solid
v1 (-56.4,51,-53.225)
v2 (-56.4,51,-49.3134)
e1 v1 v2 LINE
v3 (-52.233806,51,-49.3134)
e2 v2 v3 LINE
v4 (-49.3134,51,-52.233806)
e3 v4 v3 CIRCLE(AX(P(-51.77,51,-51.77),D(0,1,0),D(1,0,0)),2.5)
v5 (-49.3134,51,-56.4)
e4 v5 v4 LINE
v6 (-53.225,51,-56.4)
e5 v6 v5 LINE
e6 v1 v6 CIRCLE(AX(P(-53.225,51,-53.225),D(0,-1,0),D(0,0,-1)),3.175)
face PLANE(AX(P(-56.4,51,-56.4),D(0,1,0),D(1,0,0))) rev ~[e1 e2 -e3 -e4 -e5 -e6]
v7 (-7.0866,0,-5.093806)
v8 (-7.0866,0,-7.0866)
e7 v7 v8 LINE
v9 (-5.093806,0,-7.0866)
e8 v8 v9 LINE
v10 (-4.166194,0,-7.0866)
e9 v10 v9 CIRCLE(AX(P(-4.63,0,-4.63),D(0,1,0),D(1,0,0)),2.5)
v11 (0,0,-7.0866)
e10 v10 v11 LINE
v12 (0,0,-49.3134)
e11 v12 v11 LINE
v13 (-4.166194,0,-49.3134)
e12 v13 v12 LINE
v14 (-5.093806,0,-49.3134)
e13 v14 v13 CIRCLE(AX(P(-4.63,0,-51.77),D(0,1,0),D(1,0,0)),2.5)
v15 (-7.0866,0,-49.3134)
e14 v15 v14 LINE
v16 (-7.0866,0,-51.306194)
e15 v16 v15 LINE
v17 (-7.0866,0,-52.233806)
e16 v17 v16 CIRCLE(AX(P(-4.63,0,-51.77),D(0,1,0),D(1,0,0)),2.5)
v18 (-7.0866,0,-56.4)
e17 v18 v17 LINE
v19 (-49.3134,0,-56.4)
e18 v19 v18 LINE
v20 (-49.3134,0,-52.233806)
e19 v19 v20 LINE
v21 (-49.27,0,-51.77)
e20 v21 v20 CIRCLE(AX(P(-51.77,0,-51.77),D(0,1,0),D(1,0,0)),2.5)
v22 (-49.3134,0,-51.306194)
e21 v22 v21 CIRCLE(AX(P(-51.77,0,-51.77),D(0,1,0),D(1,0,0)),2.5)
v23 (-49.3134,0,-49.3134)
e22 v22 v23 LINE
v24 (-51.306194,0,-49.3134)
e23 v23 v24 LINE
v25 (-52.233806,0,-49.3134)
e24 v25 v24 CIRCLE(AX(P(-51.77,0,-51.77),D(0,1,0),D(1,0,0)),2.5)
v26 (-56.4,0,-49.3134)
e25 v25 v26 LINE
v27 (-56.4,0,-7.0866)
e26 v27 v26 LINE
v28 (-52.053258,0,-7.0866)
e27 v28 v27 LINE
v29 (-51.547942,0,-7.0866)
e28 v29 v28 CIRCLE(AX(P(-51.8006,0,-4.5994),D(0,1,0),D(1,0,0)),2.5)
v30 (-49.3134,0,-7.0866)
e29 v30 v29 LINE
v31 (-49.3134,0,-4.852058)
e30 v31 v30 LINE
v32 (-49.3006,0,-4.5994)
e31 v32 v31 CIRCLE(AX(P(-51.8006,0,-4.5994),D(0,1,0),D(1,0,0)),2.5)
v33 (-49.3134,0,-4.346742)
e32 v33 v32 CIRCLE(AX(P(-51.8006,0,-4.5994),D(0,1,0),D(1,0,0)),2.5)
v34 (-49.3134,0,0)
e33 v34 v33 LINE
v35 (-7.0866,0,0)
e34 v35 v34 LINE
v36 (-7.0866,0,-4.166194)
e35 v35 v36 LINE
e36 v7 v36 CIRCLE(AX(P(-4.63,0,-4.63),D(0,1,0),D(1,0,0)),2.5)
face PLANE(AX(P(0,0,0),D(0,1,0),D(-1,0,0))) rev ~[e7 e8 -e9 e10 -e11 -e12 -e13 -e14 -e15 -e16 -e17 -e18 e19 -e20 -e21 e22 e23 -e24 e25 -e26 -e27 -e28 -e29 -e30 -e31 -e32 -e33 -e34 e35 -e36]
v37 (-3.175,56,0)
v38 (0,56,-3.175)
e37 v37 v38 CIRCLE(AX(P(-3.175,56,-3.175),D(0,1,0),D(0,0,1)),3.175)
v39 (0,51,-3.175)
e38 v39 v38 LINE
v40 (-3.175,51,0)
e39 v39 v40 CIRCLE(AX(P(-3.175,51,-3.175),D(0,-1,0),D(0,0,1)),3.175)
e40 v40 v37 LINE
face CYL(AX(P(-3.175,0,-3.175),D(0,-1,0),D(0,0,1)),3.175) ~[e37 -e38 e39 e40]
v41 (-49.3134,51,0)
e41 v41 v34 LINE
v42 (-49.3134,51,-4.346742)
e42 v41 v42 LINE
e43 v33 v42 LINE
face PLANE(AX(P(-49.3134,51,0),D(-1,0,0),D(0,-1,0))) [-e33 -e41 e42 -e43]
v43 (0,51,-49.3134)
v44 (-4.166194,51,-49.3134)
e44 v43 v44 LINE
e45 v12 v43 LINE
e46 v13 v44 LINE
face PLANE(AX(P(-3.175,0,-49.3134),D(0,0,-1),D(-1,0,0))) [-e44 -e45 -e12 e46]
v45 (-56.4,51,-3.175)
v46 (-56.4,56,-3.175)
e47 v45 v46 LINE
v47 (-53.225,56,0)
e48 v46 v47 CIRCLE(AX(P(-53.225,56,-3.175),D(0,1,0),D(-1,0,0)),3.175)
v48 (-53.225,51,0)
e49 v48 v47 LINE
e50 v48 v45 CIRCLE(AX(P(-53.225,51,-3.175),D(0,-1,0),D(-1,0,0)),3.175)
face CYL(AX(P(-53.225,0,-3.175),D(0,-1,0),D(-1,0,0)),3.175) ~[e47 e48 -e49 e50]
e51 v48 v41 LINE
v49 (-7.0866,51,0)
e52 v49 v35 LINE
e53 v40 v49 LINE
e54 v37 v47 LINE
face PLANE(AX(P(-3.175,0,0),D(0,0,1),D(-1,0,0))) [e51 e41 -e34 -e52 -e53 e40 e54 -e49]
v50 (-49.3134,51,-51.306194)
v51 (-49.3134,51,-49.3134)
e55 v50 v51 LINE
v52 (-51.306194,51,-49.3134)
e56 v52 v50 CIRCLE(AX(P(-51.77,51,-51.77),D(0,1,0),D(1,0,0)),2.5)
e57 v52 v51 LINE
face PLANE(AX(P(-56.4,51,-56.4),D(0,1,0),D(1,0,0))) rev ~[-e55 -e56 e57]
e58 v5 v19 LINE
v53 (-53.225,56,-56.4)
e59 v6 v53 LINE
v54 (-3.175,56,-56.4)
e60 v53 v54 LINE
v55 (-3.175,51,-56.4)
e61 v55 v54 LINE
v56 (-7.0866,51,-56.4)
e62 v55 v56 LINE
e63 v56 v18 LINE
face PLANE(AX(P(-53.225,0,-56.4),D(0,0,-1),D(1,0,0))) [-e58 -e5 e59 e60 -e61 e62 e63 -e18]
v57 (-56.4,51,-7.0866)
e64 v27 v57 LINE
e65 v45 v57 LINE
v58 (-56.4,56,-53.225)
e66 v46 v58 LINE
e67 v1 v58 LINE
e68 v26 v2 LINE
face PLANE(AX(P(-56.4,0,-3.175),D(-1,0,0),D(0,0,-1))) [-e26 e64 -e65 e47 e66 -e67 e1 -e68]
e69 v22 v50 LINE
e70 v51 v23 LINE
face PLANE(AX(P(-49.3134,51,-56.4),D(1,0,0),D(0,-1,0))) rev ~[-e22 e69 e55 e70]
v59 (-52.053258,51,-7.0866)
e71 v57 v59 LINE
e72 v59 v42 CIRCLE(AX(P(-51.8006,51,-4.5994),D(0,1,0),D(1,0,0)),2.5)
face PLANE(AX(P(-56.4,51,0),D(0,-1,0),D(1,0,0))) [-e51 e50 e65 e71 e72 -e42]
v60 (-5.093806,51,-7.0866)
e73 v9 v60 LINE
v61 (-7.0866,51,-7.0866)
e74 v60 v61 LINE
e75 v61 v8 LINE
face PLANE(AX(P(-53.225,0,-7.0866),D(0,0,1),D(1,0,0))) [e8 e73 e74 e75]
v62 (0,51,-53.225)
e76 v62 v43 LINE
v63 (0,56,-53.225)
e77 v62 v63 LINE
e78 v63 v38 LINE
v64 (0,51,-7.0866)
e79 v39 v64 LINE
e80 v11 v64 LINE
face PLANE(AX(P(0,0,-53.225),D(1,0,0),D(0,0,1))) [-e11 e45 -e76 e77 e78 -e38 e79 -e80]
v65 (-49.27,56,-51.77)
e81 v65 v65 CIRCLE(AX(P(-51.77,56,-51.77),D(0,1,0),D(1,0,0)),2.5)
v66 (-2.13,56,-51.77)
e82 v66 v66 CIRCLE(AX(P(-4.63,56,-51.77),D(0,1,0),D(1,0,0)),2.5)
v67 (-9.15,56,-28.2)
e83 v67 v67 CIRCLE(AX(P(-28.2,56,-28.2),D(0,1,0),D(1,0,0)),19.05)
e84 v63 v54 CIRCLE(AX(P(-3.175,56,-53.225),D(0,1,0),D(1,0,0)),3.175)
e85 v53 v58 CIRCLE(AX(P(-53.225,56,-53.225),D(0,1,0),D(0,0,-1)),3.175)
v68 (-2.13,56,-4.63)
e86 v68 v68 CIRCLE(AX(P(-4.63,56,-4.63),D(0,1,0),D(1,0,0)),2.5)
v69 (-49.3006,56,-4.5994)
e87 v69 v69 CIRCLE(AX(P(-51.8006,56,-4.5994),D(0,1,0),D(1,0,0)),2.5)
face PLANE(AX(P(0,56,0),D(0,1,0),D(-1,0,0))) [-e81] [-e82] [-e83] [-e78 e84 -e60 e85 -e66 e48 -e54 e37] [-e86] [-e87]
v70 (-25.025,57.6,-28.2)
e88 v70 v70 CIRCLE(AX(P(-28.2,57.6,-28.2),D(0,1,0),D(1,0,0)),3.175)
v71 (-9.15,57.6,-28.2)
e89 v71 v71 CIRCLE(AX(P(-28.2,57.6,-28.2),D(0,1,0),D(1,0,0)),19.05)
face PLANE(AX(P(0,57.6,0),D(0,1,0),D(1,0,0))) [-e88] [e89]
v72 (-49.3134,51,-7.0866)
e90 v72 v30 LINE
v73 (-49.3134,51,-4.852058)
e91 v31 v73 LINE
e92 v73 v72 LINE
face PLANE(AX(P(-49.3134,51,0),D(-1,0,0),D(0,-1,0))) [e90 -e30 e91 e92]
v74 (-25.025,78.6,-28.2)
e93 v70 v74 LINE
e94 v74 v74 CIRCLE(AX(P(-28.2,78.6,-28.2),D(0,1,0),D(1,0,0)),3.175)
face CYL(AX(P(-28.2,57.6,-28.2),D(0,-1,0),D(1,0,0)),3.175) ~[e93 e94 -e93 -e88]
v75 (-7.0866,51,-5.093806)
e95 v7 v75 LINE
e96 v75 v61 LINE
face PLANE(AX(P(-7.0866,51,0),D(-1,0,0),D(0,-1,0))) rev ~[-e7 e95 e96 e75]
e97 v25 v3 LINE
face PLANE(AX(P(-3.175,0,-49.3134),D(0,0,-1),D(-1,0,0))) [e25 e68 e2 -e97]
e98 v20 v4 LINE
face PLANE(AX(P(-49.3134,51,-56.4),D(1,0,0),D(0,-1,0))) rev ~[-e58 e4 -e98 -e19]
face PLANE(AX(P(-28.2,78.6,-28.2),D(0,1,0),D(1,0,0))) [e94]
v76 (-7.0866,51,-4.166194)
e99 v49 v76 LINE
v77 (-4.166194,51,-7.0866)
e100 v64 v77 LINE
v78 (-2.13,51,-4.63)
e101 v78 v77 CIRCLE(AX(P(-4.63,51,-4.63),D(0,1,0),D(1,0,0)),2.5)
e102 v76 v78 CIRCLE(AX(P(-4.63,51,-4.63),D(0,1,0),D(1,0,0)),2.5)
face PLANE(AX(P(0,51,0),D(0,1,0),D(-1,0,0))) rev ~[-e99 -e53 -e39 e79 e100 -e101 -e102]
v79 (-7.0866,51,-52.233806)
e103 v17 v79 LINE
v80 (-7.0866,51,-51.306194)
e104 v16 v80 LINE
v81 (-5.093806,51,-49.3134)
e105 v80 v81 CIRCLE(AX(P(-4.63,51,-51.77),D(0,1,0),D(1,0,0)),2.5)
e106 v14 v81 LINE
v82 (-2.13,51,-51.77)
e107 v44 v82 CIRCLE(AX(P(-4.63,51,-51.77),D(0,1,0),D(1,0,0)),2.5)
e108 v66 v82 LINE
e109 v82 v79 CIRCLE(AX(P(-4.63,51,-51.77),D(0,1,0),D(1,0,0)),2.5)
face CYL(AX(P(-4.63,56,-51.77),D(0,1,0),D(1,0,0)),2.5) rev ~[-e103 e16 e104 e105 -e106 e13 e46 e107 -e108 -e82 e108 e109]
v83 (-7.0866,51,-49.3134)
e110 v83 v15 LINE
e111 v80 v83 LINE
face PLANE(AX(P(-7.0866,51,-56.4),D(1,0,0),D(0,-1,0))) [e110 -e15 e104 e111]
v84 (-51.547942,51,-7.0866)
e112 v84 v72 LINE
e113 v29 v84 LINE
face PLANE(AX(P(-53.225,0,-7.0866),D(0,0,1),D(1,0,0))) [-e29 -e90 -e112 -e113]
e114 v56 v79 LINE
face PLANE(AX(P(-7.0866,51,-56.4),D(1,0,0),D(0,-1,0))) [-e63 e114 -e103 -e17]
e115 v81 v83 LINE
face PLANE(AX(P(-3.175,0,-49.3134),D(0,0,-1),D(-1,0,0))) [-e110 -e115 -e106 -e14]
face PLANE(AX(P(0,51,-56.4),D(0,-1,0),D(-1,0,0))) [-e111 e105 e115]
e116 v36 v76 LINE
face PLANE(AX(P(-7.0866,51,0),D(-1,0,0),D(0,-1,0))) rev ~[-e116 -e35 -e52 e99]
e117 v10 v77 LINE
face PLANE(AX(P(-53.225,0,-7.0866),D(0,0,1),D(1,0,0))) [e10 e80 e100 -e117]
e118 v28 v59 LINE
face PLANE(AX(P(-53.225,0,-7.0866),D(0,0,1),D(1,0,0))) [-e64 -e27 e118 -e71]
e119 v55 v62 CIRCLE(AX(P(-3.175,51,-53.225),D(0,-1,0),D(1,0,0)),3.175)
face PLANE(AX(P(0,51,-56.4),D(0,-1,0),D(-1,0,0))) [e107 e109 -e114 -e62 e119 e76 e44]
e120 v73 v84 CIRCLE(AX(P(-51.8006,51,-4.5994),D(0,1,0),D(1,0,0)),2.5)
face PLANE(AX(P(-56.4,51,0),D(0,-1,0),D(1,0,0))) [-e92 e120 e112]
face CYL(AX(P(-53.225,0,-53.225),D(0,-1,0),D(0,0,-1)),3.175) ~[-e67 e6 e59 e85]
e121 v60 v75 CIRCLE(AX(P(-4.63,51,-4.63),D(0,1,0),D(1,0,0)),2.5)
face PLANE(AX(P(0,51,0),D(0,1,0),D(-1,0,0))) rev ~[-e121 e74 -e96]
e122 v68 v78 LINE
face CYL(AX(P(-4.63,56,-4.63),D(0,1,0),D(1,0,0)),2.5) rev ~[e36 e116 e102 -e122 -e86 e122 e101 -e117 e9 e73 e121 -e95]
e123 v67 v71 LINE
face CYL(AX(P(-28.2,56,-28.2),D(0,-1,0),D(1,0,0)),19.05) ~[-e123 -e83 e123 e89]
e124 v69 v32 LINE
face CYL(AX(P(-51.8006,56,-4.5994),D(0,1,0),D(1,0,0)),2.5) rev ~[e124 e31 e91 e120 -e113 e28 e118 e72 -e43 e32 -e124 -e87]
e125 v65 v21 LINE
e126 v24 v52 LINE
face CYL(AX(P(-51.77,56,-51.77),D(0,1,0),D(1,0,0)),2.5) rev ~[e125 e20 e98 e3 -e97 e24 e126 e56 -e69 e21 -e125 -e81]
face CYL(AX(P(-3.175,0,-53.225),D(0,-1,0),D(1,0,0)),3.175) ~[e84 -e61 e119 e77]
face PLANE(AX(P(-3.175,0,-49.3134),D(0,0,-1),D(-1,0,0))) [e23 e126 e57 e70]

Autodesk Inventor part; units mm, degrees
ref_plane "YZ Plane" through (0, 0, 0) normal (1, 0, 0) x (0, 1, 0)
ref_plane "XZ Plane" through (0, 0, 0) normal (0, 1, 0) x (-1, 0, 0)
ref_plane "XY Plane" through (0, 0, 0) normal (0, 0, 1) x (1, 0, 0)
sketch "Sketch1" plane through (0, 0, 0) normal (0, 1, 0) x (-1, 0, 0)
  line L0 (3.175, 0) -> (53.225, 0)
  line L1 (56.4, -3.175) -> (56.4, -53.225)
  line L2 (53.225, -56.4) -> (3.175, -56.4)
  line L3 (0, -53.225) -> (0, -3.175)
  arc A0 (56.4, -3.175) -> (53.225, 0) centre (53.225, -3.175) ccw
  arc A1 (3.175, 0) -> (0, -3.175) centre (3.175, -3.175) ccw
  arc A2 (0, -53.225) -> (3.175, -56.4) centre (3.175, -53.225) ccw
  arc A3 (53.225, -56.4) -> (56.4, -53.225) centre (53.225, -53.225) ccw
  point P0 (0, 0)
  point P1 (56.4, -56.4)
  point P2 (56.4, 0)
  point P3 (0, -56.4)
  dimension "d0" = 56.4
  dimension "d1" = 56.4
  dimension "d2" = 3.175
extrude "Extrusion1" add sketch "Sketch1" along normal blind 56
sketch "Sketch2" plane through (0, 56, 0) normal (0, 1, 0) x (1, 0, 0)
  line L0 (0, 0) -> (-56.4, 0) construction
  line L1 (-56.4, 0) -> (-56.4, 56.4) construction
  line L2 (-56.4, 56.4) -> (0, 56.4) construction
  line L3 (0, 56.4) -> (0, 0) construction
  line L4 (-56.4, 0) -> (0, 56.4) construction
  line L5 (-4.63, 4.63) -> (-51.77, 4.63) construction
  line L6 (-51.77, 4.63) -> (-51.77, 51.77) construction
  line L7 (-51.77, 51.77) -> (-4.63, 51.77) construction
  line L8 (-4.63, 51.77) -> (-4.63, 4.63) construction
  line L9 (-4.63, 4.63) -> (-51.77, 51.77) construction
  line L10 (-51.77, 4.63) -> (-4.63, 51.77) construction
  circle A0 centre (-51.8006, 4.5994) radius 2.5
  circle A1 centre (-51.77, 51.77) radius 2.5
  circle A2 centre (-4.63, 51.77) radius 2.5
  circle A3 centre (-4.63, 4.63) radius 2.5
  point P0 (-28.2, 28.2)
  dimension "d5" = 47.14
  dimension "d6" = 47.14
  dimension "d7" = 5
  dimension "d8" = 5
  dimension "d9" = 5
  dimension "d10" = 5
sketch "Sketch3" plane through (0, 56, 0) normal (0, 1, 0) x (1, 0, 0)
  line L0 (0, 0) -> (-56.4, 56.4) construction
  circle A0 centre (-28.2, 28.2) radius 19.05
  dimension "d18" = 38.1
extrude "Extrusion2" add sketch "Sketch3" along normal blind 1.6
sketch "Sketch4" plane through (-28.2, 57.6, -28.2) normal (0, 1, 0) x (1, 0, 0)
  circle A0 centre (0, 0) radius 3.175
  point P0 (28.2, -28.2)
  dimension "d21" = 6.35
extrude "Extrusion3" add sketch "Sketch4" along normal blind 21
extrude "Extrusion4" cut sketch "Sketch2" against normal through all
sketch "Sketch5" plane through (-53.225, 0, 0) normal (0, 0, 1) x (1, 0, 0)
  line L0 (-3.175, 0) -> (-3.175, 56) construction
  line L1 (-3.175, 56) -> (3.9116, 56) construction
  line L2 (3.9116, 56) -> (3.9116, 51) construction
  line L3 (3.9116, 51) -> (-3.175, 51) construction
  line L4 (-3.175, 51) -> (-3.175, 56) construction
  line L5 (-3.175, 51) -> (3.9116, 51)
  line L6 (3.9116, 51) -> (3.9116, 0)
  line L7 (3.9116, 0) -> (-3.175, 0)
  line L8 (-3.175, 0) -> (-3.175, 51)
  line L9 (50.05, 0) -> (0, 0) construction
  line L10 (25.025, 0) -> (25.025, 56) construction
  line L11 (50.05, 56) -> (0, 56) construction
  line L12 (53.225, 0) -> (53.225, 56) construction
  line L13 (53.225, 56) -> (46.1384, 56) construction
  line L14 (46.1384, 56) -> (46.1384, 51) construction
  line L15 (46.1384, 51) -> (53.225, 51) construction
  line L16 (53.225, 51) -> (53.225, 56) construction
  line L17 (53.225, 51) -> (46.1384, 51)
  line L18 (46.1384, 51) -> (46.1384, 0)
  line L19 (46.1384, 0) -> (53.225, 0)
  line L20 (53.225, 0) -> (53.225, 51)
  point P0 (53.225, 0)
  point P1 (55.3116, 56)
  dimension "d26" = 7.0866
  dimension "d27" = 5
extrude "Extrusion5" cut sketch "Sketch5" against normal blind 7.0866
sketch "Sketch6" plane through (-3.175, 0, -56.4) normal (0, 0, -1) x (-1, 0, 0)
  line L0 (-3.175, 0) -> (-3.175, 56) construction
  line L1 (-3.175, 56) -> (3.9116, 56) construction
  line L2 (3.9116, 56) -> (3.9116, 51) construction
  line L3 (3.9116, 51) -> (-3.175, 51) construction
  line L4 (-3.175, 51) -> (-3.175, 56) construction
  line L5 (-3.175, 51) -> (3.9116, 51)
  line L6 (3.9116, 51) -> (3.9116, 0)
  line L7 (3.9116, 0) -> (-3.175, 0)
  line L8 (-3.175, 0) -> (-3.175, 51)
  line L9 (50.05, 0) -> (0, 0) construction
  line L10 (25.025, 0) -> (25.025, 56) construction
  line L11 (50.05, 56) -> (0, 56) construction
  line L12 (53.225, 0) -> (53.225, 56) construction
  line L13 (53.225, 56) -> (46.1384, 56) construction
  line L14 (46.1384, 56) -> (46.1384, 51) construction
  line L15 (46.1384, 51) -> (53.225, 51) construction
  line L16 (53.225, 51) -> (53.225, 56) construction
  line L17 (53.225, 51) -> (46.1384, 51)
  line L18 (46.1384, 51) -> (46.1384, 0)
  line L19 (46.1384, 0) -> (53.225, 0)
  line L20 (53.225, 0) -> (53.225, 51)
  point P0 (-3.175, 0)
  point P1 (53.225, 0)
  point P2 (55.3116, 56)
  dimension "d32" = 7.0866
  dimension "d33" = 5
extrude "Extrusion6" cut sketch "Sketch6" against normal blind 7.0866
properties part number "NEMA23 Motor"
